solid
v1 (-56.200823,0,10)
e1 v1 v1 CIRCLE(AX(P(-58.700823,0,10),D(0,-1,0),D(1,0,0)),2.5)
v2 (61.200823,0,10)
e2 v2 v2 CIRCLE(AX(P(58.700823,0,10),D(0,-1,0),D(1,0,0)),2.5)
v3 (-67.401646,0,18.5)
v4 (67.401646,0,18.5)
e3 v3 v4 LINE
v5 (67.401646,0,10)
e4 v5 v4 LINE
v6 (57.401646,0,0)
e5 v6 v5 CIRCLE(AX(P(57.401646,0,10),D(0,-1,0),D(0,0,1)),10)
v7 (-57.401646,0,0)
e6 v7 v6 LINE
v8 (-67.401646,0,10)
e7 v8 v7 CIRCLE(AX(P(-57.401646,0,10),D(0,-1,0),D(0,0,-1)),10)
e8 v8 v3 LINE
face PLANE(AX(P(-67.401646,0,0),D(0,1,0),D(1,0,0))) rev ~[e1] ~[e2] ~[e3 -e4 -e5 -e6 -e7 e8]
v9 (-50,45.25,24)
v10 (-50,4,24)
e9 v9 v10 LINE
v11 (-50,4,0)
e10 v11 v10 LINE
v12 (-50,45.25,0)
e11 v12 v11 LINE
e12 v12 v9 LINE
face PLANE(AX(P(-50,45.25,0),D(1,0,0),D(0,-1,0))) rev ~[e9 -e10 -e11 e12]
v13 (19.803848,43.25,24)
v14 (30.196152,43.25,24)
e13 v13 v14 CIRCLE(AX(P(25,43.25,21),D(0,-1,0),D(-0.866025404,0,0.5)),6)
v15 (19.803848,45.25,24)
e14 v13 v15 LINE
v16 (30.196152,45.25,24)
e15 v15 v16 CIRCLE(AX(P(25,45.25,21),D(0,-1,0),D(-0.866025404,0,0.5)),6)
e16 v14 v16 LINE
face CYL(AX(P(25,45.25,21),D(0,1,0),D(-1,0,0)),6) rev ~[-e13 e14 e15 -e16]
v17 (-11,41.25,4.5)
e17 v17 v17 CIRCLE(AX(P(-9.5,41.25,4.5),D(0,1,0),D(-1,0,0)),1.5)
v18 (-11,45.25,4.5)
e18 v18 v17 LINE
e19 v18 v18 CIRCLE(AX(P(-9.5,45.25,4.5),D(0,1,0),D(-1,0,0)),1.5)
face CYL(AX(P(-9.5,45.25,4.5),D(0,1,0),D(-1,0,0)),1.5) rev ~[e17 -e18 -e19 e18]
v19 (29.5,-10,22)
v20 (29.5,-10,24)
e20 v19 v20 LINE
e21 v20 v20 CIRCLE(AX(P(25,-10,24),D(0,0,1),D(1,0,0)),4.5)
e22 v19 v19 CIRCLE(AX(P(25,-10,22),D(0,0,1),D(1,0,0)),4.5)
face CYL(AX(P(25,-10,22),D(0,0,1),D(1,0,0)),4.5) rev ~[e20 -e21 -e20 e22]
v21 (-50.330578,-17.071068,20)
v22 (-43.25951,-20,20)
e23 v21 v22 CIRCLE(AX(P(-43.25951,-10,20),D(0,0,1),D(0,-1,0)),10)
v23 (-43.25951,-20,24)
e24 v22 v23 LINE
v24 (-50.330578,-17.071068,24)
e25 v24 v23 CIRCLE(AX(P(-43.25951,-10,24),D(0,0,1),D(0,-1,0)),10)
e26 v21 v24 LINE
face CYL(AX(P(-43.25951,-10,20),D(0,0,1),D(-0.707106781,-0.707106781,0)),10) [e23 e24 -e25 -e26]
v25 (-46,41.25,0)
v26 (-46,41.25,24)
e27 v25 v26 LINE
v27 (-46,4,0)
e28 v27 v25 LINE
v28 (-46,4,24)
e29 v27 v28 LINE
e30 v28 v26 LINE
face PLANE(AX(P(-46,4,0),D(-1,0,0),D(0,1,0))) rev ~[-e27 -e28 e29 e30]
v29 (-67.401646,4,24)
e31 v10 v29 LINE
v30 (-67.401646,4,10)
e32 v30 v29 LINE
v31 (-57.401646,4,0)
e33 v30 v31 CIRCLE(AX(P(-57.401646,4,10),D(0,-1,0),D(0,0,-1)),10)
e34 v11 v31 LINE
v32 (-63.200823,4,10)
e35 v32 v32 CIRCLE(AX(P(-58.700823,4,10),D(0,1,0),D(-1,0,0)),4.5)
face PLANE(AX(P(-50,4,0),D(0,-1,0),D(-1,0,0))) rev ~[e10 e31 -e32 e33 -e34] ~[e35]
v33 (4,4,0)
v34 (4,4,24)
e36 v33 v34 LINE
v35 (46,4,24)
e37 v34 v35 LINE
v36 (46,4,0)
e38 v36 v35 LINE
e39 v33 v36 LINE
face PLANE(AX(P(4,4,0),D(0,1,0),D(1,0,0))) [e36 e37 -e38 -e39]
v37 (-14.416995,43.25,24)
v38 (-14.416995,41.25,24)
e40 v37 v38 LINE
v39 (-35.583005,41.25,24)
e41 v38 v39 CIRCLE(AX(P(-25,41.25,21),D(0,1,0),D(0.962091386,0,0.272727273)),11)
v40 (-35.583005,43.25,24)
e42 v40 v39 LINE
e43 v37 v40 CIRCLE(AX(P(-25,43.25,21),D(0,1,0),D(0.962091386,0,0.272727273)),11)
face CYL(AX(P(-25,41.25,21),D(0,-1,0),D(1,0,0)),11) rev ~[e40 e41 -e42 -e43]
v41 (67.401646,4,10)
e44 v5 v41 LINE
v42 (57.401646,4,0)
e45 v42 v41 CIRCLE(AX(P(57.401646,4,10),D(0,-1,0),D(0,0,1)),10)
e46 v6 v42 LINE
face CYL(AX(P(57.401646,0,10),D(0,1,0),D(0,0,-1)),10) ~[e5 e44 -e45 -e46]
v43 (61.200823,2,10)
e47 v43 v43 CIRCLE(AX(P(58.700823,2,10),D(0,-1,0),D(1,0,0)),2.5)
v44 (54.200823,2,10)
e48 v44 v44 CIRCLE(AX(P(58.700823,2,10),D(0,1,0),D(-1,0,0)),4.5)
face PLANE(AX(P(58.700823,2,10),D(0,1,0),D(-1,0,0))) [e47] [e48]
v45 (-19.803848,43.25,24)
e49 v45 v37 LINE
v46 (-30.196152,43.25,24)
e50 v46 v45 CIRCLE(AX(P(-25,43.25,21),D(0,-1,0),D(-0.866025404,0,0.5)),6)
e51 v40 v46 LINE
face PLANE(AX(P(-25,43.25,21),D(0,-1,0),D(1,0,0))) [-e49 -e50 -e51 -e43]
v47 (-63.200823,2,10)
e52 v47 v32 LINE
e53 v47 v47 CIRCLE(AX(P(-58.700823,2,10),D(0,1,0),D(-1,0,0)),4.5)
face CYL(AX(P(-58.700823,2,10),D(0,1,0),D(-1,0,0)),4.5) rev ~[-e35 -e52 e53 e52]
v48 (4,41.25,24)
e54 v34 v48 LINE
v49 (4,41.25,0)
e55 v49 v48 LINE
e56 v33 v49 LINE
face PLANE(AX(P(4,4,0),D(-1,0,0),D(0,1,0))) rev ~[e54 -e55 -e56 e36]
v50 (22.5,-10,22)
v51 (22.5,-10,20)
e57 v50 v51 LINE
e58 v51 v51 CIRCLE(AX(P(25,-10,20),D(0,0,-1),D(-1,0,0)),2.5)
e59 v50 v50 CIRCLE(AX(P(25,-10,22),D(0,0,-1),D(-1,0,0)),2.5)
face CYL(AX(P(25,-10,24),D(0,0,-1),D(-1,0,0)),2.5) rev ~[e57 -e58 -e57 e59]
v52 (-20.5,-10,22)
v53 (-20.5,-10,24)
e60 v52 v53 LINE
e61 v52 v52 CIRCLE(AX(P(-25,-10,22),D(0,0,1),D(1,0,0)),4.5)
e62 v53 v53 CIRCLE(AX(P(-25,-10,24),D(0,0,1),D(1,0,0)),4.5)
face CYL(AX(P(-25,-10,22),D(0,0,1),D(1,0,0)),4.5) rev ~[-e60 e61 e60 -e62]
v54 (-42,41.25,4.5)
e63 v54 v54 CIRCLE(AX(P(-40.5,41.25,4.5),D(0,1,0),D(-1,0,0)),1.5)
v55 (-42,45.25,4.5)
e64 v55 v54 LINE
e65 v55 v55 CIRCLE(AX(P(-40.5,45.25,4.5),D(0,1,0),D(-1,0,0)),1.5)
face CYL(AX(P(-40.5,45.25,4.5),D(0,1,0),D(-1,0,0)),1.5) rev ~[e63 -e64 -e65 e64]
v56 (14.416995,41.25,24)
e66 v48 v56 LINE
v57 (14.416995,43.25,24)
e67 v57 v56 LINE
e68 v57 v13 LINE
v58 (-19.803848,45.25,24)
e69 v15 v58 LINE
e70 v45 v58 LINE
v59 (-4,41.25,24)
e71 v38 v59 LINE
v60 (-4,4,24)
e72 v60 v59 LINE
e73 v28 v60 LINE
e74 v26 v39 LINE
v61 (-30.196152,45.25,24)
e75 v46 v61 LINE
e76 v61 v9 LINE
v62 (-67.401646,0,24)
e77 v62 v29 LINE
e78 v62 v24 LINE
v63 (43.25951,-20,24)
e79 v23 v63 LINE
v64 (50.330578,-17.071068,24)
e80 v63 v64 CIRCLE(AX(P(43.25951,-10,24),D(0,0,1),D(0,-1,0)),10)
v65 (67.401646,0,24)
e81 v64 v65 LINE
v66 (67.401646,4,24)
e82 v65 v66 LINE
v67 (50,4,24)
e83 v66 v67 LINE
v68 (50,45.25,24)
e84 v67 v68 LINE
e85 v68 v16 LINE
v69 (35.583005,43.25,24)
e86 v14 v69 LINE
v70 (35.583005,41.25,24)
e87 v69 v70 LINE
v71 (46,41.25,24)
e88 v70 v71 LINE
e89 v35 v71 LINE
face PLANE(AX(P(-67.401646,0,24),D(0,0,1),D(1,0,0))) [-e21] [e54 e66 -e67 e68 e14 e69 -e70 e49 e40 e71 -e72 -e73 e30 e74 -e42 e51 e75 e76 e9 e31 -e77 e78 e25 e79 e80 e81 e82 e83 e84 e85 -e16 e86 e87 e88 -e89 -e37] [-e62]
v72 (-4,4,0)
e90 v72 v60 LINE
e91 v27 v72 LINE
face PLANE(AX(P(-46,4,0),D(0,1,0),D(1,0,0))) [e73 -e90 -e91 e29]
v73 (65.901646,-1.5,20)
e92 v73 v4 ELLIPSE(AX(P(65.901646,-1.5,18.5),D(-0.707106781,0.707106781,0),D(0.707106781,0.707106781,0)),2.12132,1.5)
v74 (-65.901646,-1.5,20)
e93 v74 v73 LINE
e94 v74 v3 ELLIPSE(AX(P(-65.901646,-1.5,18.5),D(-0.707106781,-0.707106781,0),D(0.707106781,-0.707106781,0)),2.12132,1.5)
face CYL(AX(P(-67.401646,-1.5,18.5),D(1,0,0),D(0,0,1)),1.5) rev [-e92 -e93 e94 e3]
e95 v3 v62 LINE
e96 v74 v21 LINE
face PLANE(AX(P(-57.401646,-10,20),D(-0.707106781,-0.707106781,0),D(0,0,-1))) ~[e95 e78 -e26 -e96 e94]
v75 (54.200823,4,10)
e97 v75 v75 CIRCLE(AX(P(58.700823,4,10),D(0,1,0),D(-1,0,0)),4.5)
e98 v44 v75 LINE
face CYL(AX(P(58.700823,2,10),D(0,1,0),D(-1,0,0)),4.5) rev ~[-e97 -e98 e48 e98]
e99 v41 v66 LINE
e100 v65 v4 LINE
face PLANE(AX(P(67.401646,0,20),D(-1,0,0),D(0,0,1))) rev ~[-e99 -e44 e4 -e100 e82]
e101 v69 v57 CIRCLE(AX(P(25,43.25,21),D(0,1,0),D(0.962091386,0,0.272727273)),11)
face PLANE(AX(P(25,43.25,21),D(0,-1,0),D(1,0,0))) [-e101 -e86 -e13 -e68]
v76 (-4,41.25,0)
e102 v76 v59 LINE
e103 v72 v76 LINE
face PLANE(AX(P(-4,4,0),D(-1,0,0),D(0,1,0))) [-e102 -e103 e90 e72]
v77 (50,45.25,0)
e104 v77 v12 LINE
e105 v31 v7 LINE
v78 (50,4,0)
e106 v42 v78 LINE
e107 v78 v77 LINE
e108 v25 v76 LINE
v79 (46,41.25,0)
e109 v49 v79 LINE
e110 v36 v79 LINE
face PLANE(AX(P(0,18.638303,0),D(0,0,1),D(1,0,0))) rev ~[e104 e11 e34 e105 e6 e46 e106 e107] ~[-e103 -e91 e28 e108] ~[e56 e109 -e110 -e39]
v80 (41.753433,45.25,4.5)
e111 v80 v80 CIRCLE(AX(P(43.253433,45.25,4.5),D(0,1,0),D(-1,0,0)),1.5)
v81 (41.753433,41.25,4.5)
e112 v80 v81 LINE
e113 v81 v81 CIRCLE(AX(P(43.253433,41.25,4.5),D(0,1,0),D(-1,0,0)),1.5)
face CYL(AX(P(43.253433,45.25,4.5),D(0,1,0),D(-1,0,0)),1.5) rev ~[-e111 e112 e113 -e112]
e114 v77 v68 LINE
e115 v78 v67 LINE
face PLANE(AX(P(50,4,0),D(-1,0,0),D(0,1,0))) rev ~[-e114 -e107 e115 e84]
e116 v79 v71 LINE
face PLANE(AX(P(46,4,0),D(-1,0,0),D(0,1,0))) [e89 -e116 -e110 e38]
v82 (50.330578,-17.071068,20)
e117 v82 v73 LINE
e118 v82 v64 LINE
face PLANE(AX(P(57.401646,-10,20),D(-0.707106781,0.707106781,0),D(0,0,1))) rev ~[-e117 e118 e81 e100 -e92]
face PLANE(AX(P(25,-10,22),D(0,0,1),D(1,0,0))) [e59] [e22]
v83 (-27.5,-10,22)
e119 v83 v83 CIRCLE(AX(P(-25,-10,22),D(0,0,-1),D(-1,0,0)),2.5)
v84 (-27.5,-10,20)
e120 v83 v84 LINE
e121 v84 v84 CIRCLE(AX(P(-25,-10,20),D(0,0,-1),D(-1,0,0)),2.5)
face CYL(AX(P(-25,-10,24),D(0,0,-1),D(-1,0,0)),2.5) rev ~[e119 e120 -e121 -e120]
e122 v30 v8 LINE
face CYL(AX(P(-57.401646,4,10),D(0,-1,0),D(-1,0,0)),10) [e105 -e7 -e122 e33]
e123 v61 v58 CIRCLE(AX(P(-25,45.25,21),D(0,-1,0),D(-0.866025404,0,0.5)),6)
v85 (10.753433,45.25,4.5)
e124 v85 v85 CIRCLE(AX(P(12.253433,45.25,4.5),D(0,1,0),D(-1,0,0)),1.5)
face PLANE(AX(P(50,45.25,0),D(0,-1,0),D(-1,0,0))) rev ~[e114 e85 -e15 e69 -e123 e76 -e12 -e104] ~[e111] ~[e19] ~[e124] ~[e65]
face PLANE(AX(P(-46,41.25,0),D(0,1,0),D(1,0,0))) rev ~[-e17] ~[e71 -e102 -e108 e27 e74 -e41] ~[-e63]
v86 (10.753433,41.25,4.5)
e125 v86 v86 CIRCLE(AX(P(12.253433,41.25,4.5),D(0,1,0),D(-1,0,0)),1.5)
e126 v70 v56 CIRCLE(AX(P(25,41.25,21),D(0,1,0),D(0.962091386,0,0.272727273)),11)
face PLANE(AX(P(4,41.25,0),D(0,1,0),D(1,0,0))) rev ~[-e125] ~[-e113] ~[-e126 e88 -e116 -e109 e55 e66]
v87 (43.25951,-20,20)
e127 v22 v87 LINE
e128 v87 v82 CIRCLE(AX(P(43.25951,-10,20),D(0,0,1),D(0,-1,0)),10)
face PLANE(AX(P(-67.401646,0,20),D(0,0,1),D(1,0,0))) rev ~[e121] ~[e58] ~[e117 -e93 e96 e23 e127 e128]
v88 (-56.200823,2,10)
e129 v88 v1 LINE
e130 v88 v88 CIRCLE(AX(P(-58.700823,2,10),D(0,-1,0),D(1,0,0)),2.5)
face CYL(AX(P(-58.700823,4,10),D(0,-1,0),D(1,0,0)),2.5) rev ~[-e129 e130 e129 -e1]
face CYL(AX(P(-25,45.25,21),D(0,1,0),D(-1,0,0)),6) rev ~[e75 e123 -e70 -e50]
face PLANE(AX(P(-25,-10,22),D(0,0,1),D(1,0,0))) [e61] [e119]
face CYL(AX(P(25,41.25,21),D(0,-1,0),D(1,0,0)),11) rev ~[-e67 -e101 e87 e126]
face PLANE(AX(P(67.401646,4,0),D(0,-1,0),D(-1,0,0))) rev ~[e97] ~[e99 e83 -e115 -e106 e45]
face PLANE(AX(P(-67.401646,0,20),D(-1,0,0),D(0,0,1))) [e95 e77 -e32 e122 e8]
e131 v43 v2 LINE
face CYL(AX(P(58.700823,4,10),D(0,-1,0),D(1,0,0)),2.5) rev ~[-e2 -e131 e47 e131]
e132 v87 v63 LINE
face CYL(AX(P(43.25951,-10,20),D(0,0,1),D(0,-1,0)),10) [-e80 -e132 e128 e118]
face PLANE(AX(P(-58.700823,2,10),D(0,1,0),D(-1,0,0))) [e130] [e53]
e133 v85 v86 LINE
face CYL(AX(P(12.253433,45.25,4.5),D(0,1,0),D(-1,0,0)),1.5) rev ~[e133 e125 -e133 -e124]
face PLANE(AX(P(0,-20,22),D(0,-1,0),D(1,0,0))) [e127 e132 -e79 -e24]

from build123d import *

# Parameters (mm, degrees)
SKETCH077_W         = 42
SKETCH077_H         = 37.25
PAD024_DEPTH        = 24
SKETCH078_R         = 11
POCKET026_DEPTH     = 2
SKETCH079_W         = 134.803292
SKETCH079_H         = 4
PAD025_DEPTH        = 20
HOLE026_D           = 5
HOLE026_DEPTH       = 23.497848
HOLE026_CBORE_D     = 9
HOLE026_CBORE_DEPTH = 2
HOLE026_TIPS_R      = 2.5
HOLE027_D           = 5
HOLE027_DEPTH       = 23.497848
HOLE027_CBORE_D     = 9
HOLE027_CBORE_DEPTH = 2
HOLE027_TIPS_R      = 2.5
CHAMFER001_SIZE     = 20
SKETCH083_R         = 1.5
SKETCH083_R_2       = 6
POCKET027_DEPTH     = 5
FILLET003_R         = 1.5
FILLET004_R         = 10
FILLET005_R         = 10


with BuildPart() as part:
    # Sketch077 → Pad024 (new body)
    with BuildSketch(Plane.XY):
        Polygon((-67.401646, 0), (67.401646, 0), (67.401646, 4), (50, 4), (50, 45.25), (-50, 45.25), (-50, 4), (-67.401646, 4), align=None)
        with Locations((25, 22.625)):
            Rectangle(SKETCH077_W, SKETCH077_H, mode=Mode.SUBTRACT)
        with Locations((-25, 22.625)):
            Rectangle(SKETCH077_W, SKETCH077_H, mode=Mode.SUBTRACT)
    extrude(amount=PAD024_DEPTH)

    # Sketch078 (on Face13 of Pad024) → Pocket026 (cut)
    with BuildSketch(Plane.XZ.offset(-41.25)):
        with Locations((-25, 21)):
            Circle(SKETCH078_R)
        with Locations((25, 21)):
            Circle(SKETCH078_R)
    extrude(amount=-POCKET026_DEPTH, mode=Mode.SUBTRACT)

    # Sketch079 → Pad025 (join)
    with BuildSketch(Plane.XZ):
        with Locations((0, 22)):
            Rectangle(SKETCH079_W, SKETCH079_H)
    extrude(amount=PAD025_DEPTH)

    # Hole026
    with Locations(Plane(origin=(0, 4, 0), x_dir=(-1, 0, 0), z_dir=(0, 1, 0))):
        with Locations((58.700823, 10), (-58.700823, 10)):
            CounterBoreHole(HOLE026_D / 2, HOLE026_CBORE_D / 2, HOLE026_CBORE_DEPTH, depth=HOLE026_DEPTH)

    # Hole026 tips → Hole026 tip 1 section 0
    with BuildSketch(Plane(origin=(0, -19.497848, 0), x_dir=(-1, 0, 0), z_dir=(0, 1, 0)), mode=Mode.PRIVATE) as hole026_tip_1_s0:
        with Locations((58.700823, 10)):
            Circle(HOLE026_TIPS_R)
    loft([hole026_tip_1_s0.sketch, Vertex(-58.700823, -21, 10)], mode=Mode.SUBTRACT)

    # Hole026 tips → Hole026 tip 2 section 0
    with BuildSketch(Plane(origin=(0, -19.497848, 0), x_dir=(-1, 0, 0), z_dir=(0, 1, 0)), mode=Mode.PRIVATE) as hole026_tip_2_s0:
        with Locations((-58.700823, 10)):
            Circle(HOLE026_TIPS_R)
    loft([hole026_tip_2_s0.sketch, Vertex(58.700823, -21, 10)], mode=Mode.SUBTRACT)

    # Hole027
    with Locations(Plane.XY.offset(24)):
        with Locations((-25, -10), (25, -10)):
            CounterBoreHole(HOLE027_D / 2, HOLE027_CBORE_D / 2, HOLE027_CBORE_DEPTH, depth=HOLE027_DEPTH)

    # Hole027 tips → Hole027 tip 1 section 0
    with BuildSketch(Plane.XY.offset(0.502152), mode=Mode.PRIVATE) as hole027_tip_1_s0:
        with Locations((-25, -10)):
            Circle(HOLE027_TIPS_R)
    loft([hole027_tip_1_s0.sketch, Vertex(-25, -10, -1)], mode=Mode.SUBTRACT)

    # Hole027 tips → Hole027 tip 2 section 0
    with BuildSketch(Plane.XY.offset(0.502152), mode=Mode.PRIVATE) as hole027_tip_2_s0:
        with Locations((25, -10)):
            Circle(HOLE027_TIPS_R)
    loft([hole027_tip_2_s0.sketch, Vertex(25, -10, -1)], mode=Mode.SUBTRACT)

    # Chamfer001
    chamfer001_edges = [part.edges().sort_by_distance(p)[0] for p in [
        (-67.401646, -20, 22),
        (67.401646, -20, 22),
    ]]
    chamfer(chamfer001_edges, length=CHAMFER001_SIZE)

    # Sketch083 (on Face12 of Chamfer001) → Pocket027 (cut)
    with BuildSketch(Plane(origin=(0, 45.25, 0), x_dir=(-1, 0, 0), z_dir=(0, 1, 0))):
        with Locations((-43.253433, 4.5)):
            Circle(SKETCH083_R)
        with Locations((-12.253433, 4.5)):
            Circle(SKETCH083_R)
        with Locations((9.5, 4.5)):
            Circle(SKETCH083_R)
        with Locations((40.5, 4.5)):
            Circle(SKETCH083_R)
        with Locations((-25, 21)):
            Circle(SKETCH083_R_2)
        with Locations((25, 21)):
            Circle(SKETCH083_R_2)
    extrude(amount=-POCKET027_DEPTH, mode=Mode.SUBTRACT)

    # Fillet003
    fillet003_edges = [part.edges().sort_by_distance(p)[0] for p in [
        (0, 0, 20),
    ]]
    fillet(fillet003_edges, radius=FILLET003_R)

    # Fillet004
    fillet004_edges = [part.edges().sort_by_distance(p)[0] for p in [
        (-67.401646, 2, 0),
        (67.401646, 2, 0),
    ]]
    fillet(fillet004_edges, radius=FILLET004_R)

    # Fillet005
    fillet005_edges = [part.edges().sort_by_distance(p)[0] for p in [
        (-47.401646, -20, 22),
        (47.401646, -20, 22),
    ]]
    fillet(fillet005_edges, radius=FILLET005_R)


solid = part.part
